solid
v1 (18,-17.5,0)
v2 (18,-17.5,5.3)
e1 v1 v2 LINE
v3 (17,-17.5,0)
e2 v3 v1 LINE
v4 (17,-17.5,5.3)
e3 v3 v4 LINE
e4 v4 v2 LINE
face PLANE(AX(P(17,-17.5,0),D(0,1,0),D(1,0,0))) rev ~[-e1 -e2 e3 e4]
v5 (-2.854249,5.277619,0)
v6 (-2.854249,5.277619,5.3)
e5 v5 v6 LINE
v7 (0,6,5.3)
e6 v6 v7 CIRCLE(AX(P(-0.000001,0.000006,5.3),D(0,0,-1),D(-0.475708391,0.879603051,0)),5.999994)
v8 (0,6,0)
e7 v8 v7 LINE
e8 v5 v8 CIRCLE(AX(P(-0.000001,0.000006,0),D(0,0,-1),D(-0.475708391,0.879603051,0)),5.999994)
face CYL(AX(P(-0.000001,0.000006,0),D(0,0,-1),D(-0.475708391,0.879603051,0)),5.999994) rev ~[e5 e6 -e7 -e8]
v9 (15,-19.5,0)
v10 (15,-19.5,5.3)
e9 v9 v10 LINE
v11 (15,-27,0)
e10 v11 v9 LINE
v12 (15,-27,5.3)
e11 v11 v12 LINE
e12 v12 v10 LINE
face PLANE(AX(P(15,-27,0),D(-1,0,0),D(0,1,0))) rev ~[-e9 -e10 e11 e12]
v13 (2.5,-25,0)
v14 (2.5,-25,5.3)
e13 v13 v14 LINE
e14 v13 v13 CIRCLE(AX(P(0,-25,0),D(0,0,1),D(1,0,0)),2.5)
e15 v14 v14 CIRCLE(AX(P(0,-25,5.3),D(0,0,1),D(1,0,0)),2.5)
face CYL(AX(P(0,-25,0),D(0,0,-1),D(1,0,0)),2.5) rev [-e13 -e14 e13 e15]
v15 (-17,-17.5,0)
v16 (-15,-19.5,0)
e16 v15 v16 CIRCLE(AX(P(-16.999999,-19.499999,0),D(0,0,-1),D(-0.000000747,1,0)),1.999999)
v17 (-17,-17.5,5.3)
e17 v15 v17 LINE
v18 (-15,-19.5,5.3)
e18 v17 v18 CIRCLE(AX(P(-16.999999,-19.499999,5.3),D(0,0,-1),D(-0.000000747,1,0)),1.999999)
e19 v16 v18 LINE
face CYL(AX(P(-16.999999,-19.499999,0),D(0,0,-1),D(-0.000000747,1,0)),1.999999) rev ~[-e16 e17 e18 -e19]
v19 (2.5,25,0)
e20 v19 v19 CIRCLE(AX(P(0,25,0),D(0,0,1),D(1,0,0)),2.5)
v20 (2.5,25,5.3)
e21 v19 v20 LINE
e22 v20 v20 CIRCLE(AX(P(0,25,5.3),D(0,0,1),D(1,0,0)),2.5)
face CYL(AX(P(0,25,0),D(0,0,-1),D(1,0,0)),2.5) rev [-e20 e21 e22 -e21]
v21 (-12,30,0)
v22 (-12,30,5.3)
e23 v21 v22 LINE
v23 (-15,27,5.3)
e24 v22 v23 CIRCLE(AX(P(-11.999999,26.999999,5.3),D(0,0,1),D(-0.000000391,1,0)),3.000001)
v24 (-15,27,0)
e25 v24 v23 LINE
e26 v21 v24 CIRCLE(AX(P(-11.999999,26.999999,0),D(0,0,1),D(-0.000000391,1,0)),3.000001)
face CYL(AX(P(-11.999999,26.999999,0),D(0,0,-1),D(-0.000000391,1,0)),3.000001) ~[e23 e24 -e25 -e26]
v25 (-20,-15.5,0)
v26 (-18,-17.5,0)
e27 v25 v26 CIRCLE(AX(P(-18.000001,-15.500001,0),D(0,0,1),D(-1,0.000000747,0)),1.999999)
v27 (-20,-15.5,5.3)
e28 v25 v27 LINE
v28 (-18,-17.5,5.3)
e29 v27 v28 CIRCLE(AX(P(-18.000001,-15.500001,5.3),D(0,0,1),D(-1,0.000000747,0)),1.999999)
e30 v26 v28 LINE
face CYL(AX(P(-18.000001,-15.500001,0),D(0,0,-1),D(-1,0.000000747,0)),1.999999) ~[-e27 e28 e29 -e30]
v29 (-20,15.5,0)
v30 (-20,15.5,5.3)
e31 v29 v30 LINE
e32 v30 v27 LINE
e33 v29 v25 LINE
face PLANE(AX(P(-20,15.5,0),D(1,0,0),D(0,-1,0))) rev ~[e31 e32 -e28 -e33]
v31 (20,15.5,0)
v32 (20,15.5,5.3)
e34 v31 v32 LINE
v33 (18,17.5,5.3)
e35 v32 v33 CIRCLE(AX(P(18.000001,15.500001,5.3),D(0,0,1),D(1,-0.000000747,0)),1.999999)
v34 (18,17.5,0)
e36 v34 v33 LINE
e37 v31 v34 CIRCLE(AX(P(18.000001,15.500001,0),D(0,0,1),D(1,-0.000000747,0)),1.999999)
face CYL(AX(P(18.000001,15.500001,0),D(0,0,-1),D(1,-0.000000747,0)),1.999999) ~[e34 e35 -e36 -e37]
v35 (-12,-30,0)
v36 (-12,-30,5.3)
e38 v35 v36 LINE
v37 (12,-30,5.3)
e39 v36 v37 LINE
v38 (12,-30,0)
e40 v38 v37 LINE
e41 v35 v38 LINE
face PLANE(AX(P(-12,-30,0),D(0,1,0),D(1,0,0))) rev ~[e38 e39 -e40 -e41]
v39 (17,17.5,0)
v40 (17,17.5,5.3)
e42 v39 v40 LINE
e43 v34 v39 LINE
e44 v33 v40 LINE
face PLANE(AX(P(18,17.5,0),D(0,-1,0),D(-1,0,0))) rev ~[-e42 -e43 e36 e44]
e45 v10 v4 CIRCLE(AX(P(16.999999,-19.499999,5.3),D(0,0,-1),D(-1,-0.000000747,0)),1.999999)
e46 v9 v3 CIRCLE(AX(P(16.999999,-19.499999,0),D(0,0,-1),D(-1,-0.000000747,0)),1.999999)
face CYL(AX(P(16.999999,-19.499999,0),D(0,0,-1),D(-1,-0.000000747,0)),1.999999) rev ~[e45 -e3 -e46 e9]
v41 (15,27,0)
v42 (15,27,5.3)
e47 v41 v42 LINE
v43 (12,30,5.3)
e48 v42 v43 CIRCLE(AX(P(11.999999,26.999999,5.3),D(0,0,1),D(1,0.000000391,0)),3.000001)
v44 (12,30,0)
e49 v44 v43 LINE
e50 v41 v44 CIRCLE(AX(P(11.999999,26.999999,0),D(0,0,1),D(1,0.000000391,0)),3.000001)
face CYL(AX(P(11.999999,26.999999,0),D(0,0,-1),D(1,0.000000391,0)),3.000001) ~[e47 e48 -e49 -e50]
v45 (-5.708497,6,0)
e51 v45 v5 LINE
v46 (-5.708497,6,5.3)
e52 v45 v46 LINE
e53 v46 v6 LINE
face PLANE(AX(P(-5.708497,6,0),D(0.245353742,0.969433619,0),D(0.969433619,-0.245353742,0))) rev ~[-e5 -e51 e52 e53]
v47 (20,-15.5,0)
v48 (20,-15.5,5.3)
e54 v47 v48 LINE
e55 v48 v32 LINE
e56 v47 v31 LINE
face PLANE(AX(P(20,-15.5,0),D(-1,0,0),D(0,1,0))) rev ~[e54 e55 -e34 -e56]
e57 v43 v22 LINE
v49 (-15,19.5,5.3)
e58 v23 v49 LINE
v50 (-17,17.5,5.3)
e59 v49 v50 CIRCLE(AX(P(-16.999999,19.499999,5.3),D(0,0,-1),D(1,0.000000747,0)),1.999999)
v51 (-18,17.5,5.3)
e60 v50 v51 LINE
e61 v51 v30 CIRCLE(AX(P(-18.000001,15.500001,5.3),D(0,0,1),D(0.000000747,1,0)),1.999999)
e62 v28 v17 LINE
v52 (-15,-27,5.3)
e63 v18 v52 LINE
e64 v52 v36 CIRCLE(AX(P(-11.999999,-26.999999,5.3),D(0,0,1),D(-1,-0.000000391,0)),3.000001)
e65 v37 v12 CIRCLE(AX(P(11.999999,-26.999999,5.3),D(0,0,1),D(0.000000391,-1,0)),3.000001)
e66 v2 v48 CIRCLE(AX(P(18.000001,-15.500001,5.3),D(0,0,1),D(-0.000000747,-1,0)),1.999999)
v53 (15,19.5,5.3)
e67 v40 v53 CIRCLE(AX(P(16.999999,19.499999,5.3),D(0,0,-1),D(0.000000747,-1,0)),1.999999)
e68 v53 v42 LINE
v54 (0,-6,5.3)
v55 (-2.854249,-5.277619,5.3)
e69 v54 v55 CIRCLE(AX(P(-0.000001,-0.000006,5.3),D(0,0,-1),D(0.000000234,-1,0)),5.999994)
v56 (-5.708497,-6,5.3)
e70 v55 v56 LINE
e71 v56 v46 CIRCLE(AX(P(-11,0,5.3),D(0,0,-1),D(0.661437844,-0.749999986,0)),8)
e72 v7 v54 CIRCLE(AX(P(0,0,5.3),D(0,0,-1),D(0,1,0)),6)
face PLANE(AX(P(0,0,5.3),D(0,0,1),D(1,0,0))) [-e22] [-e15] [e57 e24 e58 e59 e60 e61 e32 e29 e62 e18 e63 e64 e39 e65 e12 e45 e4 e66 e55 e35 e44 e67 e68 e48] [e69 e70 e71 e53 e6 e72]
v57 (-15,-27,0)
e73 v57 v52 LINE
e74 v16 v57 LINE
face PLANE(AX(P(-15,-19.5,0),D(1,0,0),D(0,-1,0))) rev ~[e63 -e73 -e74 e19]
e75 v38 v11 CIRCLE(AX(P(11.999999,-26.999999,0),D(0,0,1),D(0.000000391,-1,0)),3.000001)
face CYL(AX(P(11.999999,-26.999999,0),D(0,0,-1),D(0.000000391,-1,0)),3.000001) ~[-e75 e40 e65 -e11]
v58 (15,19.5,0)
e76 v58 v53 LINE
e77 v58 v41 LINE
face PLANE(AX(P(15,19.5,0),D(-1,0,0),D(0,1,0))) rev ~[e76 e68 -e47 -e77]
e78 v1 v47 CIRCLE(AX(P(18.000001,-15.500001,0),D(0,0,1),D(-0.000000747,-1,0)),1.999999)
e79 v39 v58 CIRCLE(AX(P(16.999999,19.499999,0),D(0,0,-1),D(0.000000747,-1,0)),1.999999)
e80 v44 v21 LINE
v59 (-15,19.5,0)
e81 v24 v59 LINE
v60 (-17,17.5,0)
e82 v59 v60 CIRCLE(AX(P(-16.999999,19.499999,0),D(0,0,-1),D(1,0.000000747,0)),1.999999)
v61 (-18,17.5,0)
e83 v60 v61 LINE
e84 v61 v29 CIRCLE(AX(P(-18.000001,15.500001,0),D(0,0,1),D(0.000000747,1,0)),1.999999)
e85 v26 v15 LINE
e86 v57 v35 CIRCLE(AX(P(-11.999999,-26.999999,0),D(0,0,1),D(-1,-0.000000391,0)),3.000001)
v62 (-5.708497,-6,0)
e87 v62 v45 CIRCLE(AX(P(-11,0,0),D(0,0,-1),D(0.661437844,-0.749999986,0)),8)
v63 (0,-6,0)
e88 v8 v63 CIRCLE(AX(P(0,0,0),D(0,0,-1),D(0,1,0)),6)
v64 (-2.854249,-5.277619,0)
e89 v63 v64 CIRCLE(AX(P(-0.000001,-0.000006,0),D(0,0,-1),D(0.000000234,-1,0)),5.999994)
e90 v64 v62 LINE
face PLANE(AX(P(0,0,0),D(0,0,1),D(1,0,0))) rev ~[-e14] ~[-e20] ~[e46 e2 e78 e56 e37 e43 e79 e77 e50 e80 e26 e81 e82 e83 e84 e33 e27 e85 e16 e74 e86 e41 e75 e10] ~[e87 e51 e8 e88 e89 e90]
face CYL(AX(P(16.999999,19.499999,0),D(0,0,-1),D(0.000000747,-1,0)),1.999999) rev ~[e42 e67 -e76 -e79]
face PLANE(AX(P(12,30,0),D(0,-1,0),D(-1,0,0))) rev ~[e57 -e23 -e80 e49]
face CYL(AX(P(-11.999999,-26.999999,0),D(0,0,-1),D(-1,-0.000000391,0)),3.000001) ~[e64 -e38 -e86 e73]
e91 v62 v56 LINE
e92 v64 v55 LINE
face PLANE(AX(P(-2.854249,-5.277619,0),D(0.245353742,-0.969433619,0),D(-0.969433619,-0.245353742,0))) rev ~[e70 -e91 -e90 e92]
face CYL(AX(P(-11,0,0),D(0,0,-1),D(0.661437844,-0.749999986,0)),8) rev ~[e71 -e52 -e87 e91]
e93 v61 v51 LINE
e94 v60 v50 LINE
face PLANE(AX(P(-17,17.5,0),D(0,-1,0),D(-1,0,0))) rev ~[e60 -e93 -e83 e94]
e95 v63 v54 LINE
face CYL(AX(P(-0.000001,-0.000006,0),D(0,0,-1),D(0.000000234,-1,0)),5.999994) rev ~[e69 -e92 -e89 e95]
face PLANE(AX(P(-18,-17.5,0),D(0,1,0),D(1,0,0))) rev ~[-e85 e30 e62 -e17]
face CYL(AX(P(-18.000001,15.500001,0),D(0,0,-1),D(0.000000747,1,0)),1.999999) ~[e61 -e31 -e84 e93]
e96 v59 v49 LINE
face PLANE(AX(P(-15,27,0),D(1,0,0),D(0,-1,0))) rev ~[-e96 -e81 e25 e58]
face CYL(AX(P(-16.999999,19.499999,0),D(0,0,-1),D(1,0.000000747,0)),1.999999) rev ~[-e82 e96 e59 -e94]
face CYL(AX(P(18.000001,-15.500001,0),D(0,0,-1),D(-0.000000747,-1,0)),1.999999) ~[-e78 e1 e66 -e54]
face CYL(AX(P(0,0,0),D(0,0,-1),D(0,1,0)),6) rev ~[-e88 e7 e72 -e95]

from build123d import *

# Parameters (mm, degrees)
F0_R     = 2.5
F1_DEPTH = 5.3


with BuildPart() as f1:
    # F0 (on Top) → F1 (new body)
    with BuildSketch(Plane.XY):
        with BuildLine():
            Line((-12, -30), (12, -30))
            ThreePointArc((12, -30), (14.12132, -29.12132), (15, -27))
            Line((15, -27), (15, -19.5))
            ThreePointArc((15, -19.5), (15.585786, -18.085786), (17, -17.5))
            Line((17, -17.5), (18, -17.5))
            ThreePointArc((18, -17.5), (19.414214, -16.914214), (20, -15.5))
            Line((20, -15.5), (20, 15.5))
            ThreePointArc((20, 15.5), (19.414214, 16.914214), (18, 17.5))
            Line((18, 17.5), (17, 17.5))
            ThreePointArc((17, 17.5), (15.585786, 18.085786), (15, 19.5))
            Line((15, 19.5), (15, 27))
            ThreePointArc((15, 27), (14.12132, 29.12132), (12, 30))
            Line((12, 30), (-12, 30))
            ThreePointArc((-12, 30), (-14.12132, 29.12132), (-15, 27))
            Line((-15, 27), (-15, 19.5))
            ThreePointArc((-15, 19.5), (-15.585786, 18.085786), (-17, 17.5))
            Line((-17, 17.5), (-18, 17.5))
            ThreePointArc((-18, 17.5), (-19.414214, 16.914214), (-20, 15.5))
            Line((-20, 15.5), (-20, -15.5))
            ThreePointArc((-20, -15.5), (-19.414214, -16.914214), (-18, -17.5))
            Line((-18, -17.5), (-17, -17.5))
            ThreePointArc((-17, -17.5), (-15.585786, -18.085786), (-15, -19.5))
            Line((-15, -19.5), (-15, -27))
            ThreePointArc((-15, -27), (-14.12132, -29.12132), (-12, -30))
        make_face()
        with Locations((0, -25)):
            Circle(F0_R, mode=Mode.SUBTRACT)
        with BuildLine():
            ThreePointArc((-5.708497, -6), (-19, 0), (-5.708497, 6))
            Line((-5.708497, 6), (-2.854249, 5.277619))
            ThreePointArc((-2.854249, 5.277619), (-1.472122, 5.816602), (0, 6))
            ThreePointArc((0, 6), (6, 0), (0, -6))
            ThreePointArc((0, -6), (-1.472122, -5.816602), (-2.854249, -5.277619))
            Line((-2.854249, -5.277619), (-5.708497, -6))
        make_face(mode=Mode.SUBTRACT)
        with Locations((0, 25)):
            Circle(F0_R, mode=Mode.SUBTRACT)
    extrude(amount=F1_DEPTH)


solid = f1.part
